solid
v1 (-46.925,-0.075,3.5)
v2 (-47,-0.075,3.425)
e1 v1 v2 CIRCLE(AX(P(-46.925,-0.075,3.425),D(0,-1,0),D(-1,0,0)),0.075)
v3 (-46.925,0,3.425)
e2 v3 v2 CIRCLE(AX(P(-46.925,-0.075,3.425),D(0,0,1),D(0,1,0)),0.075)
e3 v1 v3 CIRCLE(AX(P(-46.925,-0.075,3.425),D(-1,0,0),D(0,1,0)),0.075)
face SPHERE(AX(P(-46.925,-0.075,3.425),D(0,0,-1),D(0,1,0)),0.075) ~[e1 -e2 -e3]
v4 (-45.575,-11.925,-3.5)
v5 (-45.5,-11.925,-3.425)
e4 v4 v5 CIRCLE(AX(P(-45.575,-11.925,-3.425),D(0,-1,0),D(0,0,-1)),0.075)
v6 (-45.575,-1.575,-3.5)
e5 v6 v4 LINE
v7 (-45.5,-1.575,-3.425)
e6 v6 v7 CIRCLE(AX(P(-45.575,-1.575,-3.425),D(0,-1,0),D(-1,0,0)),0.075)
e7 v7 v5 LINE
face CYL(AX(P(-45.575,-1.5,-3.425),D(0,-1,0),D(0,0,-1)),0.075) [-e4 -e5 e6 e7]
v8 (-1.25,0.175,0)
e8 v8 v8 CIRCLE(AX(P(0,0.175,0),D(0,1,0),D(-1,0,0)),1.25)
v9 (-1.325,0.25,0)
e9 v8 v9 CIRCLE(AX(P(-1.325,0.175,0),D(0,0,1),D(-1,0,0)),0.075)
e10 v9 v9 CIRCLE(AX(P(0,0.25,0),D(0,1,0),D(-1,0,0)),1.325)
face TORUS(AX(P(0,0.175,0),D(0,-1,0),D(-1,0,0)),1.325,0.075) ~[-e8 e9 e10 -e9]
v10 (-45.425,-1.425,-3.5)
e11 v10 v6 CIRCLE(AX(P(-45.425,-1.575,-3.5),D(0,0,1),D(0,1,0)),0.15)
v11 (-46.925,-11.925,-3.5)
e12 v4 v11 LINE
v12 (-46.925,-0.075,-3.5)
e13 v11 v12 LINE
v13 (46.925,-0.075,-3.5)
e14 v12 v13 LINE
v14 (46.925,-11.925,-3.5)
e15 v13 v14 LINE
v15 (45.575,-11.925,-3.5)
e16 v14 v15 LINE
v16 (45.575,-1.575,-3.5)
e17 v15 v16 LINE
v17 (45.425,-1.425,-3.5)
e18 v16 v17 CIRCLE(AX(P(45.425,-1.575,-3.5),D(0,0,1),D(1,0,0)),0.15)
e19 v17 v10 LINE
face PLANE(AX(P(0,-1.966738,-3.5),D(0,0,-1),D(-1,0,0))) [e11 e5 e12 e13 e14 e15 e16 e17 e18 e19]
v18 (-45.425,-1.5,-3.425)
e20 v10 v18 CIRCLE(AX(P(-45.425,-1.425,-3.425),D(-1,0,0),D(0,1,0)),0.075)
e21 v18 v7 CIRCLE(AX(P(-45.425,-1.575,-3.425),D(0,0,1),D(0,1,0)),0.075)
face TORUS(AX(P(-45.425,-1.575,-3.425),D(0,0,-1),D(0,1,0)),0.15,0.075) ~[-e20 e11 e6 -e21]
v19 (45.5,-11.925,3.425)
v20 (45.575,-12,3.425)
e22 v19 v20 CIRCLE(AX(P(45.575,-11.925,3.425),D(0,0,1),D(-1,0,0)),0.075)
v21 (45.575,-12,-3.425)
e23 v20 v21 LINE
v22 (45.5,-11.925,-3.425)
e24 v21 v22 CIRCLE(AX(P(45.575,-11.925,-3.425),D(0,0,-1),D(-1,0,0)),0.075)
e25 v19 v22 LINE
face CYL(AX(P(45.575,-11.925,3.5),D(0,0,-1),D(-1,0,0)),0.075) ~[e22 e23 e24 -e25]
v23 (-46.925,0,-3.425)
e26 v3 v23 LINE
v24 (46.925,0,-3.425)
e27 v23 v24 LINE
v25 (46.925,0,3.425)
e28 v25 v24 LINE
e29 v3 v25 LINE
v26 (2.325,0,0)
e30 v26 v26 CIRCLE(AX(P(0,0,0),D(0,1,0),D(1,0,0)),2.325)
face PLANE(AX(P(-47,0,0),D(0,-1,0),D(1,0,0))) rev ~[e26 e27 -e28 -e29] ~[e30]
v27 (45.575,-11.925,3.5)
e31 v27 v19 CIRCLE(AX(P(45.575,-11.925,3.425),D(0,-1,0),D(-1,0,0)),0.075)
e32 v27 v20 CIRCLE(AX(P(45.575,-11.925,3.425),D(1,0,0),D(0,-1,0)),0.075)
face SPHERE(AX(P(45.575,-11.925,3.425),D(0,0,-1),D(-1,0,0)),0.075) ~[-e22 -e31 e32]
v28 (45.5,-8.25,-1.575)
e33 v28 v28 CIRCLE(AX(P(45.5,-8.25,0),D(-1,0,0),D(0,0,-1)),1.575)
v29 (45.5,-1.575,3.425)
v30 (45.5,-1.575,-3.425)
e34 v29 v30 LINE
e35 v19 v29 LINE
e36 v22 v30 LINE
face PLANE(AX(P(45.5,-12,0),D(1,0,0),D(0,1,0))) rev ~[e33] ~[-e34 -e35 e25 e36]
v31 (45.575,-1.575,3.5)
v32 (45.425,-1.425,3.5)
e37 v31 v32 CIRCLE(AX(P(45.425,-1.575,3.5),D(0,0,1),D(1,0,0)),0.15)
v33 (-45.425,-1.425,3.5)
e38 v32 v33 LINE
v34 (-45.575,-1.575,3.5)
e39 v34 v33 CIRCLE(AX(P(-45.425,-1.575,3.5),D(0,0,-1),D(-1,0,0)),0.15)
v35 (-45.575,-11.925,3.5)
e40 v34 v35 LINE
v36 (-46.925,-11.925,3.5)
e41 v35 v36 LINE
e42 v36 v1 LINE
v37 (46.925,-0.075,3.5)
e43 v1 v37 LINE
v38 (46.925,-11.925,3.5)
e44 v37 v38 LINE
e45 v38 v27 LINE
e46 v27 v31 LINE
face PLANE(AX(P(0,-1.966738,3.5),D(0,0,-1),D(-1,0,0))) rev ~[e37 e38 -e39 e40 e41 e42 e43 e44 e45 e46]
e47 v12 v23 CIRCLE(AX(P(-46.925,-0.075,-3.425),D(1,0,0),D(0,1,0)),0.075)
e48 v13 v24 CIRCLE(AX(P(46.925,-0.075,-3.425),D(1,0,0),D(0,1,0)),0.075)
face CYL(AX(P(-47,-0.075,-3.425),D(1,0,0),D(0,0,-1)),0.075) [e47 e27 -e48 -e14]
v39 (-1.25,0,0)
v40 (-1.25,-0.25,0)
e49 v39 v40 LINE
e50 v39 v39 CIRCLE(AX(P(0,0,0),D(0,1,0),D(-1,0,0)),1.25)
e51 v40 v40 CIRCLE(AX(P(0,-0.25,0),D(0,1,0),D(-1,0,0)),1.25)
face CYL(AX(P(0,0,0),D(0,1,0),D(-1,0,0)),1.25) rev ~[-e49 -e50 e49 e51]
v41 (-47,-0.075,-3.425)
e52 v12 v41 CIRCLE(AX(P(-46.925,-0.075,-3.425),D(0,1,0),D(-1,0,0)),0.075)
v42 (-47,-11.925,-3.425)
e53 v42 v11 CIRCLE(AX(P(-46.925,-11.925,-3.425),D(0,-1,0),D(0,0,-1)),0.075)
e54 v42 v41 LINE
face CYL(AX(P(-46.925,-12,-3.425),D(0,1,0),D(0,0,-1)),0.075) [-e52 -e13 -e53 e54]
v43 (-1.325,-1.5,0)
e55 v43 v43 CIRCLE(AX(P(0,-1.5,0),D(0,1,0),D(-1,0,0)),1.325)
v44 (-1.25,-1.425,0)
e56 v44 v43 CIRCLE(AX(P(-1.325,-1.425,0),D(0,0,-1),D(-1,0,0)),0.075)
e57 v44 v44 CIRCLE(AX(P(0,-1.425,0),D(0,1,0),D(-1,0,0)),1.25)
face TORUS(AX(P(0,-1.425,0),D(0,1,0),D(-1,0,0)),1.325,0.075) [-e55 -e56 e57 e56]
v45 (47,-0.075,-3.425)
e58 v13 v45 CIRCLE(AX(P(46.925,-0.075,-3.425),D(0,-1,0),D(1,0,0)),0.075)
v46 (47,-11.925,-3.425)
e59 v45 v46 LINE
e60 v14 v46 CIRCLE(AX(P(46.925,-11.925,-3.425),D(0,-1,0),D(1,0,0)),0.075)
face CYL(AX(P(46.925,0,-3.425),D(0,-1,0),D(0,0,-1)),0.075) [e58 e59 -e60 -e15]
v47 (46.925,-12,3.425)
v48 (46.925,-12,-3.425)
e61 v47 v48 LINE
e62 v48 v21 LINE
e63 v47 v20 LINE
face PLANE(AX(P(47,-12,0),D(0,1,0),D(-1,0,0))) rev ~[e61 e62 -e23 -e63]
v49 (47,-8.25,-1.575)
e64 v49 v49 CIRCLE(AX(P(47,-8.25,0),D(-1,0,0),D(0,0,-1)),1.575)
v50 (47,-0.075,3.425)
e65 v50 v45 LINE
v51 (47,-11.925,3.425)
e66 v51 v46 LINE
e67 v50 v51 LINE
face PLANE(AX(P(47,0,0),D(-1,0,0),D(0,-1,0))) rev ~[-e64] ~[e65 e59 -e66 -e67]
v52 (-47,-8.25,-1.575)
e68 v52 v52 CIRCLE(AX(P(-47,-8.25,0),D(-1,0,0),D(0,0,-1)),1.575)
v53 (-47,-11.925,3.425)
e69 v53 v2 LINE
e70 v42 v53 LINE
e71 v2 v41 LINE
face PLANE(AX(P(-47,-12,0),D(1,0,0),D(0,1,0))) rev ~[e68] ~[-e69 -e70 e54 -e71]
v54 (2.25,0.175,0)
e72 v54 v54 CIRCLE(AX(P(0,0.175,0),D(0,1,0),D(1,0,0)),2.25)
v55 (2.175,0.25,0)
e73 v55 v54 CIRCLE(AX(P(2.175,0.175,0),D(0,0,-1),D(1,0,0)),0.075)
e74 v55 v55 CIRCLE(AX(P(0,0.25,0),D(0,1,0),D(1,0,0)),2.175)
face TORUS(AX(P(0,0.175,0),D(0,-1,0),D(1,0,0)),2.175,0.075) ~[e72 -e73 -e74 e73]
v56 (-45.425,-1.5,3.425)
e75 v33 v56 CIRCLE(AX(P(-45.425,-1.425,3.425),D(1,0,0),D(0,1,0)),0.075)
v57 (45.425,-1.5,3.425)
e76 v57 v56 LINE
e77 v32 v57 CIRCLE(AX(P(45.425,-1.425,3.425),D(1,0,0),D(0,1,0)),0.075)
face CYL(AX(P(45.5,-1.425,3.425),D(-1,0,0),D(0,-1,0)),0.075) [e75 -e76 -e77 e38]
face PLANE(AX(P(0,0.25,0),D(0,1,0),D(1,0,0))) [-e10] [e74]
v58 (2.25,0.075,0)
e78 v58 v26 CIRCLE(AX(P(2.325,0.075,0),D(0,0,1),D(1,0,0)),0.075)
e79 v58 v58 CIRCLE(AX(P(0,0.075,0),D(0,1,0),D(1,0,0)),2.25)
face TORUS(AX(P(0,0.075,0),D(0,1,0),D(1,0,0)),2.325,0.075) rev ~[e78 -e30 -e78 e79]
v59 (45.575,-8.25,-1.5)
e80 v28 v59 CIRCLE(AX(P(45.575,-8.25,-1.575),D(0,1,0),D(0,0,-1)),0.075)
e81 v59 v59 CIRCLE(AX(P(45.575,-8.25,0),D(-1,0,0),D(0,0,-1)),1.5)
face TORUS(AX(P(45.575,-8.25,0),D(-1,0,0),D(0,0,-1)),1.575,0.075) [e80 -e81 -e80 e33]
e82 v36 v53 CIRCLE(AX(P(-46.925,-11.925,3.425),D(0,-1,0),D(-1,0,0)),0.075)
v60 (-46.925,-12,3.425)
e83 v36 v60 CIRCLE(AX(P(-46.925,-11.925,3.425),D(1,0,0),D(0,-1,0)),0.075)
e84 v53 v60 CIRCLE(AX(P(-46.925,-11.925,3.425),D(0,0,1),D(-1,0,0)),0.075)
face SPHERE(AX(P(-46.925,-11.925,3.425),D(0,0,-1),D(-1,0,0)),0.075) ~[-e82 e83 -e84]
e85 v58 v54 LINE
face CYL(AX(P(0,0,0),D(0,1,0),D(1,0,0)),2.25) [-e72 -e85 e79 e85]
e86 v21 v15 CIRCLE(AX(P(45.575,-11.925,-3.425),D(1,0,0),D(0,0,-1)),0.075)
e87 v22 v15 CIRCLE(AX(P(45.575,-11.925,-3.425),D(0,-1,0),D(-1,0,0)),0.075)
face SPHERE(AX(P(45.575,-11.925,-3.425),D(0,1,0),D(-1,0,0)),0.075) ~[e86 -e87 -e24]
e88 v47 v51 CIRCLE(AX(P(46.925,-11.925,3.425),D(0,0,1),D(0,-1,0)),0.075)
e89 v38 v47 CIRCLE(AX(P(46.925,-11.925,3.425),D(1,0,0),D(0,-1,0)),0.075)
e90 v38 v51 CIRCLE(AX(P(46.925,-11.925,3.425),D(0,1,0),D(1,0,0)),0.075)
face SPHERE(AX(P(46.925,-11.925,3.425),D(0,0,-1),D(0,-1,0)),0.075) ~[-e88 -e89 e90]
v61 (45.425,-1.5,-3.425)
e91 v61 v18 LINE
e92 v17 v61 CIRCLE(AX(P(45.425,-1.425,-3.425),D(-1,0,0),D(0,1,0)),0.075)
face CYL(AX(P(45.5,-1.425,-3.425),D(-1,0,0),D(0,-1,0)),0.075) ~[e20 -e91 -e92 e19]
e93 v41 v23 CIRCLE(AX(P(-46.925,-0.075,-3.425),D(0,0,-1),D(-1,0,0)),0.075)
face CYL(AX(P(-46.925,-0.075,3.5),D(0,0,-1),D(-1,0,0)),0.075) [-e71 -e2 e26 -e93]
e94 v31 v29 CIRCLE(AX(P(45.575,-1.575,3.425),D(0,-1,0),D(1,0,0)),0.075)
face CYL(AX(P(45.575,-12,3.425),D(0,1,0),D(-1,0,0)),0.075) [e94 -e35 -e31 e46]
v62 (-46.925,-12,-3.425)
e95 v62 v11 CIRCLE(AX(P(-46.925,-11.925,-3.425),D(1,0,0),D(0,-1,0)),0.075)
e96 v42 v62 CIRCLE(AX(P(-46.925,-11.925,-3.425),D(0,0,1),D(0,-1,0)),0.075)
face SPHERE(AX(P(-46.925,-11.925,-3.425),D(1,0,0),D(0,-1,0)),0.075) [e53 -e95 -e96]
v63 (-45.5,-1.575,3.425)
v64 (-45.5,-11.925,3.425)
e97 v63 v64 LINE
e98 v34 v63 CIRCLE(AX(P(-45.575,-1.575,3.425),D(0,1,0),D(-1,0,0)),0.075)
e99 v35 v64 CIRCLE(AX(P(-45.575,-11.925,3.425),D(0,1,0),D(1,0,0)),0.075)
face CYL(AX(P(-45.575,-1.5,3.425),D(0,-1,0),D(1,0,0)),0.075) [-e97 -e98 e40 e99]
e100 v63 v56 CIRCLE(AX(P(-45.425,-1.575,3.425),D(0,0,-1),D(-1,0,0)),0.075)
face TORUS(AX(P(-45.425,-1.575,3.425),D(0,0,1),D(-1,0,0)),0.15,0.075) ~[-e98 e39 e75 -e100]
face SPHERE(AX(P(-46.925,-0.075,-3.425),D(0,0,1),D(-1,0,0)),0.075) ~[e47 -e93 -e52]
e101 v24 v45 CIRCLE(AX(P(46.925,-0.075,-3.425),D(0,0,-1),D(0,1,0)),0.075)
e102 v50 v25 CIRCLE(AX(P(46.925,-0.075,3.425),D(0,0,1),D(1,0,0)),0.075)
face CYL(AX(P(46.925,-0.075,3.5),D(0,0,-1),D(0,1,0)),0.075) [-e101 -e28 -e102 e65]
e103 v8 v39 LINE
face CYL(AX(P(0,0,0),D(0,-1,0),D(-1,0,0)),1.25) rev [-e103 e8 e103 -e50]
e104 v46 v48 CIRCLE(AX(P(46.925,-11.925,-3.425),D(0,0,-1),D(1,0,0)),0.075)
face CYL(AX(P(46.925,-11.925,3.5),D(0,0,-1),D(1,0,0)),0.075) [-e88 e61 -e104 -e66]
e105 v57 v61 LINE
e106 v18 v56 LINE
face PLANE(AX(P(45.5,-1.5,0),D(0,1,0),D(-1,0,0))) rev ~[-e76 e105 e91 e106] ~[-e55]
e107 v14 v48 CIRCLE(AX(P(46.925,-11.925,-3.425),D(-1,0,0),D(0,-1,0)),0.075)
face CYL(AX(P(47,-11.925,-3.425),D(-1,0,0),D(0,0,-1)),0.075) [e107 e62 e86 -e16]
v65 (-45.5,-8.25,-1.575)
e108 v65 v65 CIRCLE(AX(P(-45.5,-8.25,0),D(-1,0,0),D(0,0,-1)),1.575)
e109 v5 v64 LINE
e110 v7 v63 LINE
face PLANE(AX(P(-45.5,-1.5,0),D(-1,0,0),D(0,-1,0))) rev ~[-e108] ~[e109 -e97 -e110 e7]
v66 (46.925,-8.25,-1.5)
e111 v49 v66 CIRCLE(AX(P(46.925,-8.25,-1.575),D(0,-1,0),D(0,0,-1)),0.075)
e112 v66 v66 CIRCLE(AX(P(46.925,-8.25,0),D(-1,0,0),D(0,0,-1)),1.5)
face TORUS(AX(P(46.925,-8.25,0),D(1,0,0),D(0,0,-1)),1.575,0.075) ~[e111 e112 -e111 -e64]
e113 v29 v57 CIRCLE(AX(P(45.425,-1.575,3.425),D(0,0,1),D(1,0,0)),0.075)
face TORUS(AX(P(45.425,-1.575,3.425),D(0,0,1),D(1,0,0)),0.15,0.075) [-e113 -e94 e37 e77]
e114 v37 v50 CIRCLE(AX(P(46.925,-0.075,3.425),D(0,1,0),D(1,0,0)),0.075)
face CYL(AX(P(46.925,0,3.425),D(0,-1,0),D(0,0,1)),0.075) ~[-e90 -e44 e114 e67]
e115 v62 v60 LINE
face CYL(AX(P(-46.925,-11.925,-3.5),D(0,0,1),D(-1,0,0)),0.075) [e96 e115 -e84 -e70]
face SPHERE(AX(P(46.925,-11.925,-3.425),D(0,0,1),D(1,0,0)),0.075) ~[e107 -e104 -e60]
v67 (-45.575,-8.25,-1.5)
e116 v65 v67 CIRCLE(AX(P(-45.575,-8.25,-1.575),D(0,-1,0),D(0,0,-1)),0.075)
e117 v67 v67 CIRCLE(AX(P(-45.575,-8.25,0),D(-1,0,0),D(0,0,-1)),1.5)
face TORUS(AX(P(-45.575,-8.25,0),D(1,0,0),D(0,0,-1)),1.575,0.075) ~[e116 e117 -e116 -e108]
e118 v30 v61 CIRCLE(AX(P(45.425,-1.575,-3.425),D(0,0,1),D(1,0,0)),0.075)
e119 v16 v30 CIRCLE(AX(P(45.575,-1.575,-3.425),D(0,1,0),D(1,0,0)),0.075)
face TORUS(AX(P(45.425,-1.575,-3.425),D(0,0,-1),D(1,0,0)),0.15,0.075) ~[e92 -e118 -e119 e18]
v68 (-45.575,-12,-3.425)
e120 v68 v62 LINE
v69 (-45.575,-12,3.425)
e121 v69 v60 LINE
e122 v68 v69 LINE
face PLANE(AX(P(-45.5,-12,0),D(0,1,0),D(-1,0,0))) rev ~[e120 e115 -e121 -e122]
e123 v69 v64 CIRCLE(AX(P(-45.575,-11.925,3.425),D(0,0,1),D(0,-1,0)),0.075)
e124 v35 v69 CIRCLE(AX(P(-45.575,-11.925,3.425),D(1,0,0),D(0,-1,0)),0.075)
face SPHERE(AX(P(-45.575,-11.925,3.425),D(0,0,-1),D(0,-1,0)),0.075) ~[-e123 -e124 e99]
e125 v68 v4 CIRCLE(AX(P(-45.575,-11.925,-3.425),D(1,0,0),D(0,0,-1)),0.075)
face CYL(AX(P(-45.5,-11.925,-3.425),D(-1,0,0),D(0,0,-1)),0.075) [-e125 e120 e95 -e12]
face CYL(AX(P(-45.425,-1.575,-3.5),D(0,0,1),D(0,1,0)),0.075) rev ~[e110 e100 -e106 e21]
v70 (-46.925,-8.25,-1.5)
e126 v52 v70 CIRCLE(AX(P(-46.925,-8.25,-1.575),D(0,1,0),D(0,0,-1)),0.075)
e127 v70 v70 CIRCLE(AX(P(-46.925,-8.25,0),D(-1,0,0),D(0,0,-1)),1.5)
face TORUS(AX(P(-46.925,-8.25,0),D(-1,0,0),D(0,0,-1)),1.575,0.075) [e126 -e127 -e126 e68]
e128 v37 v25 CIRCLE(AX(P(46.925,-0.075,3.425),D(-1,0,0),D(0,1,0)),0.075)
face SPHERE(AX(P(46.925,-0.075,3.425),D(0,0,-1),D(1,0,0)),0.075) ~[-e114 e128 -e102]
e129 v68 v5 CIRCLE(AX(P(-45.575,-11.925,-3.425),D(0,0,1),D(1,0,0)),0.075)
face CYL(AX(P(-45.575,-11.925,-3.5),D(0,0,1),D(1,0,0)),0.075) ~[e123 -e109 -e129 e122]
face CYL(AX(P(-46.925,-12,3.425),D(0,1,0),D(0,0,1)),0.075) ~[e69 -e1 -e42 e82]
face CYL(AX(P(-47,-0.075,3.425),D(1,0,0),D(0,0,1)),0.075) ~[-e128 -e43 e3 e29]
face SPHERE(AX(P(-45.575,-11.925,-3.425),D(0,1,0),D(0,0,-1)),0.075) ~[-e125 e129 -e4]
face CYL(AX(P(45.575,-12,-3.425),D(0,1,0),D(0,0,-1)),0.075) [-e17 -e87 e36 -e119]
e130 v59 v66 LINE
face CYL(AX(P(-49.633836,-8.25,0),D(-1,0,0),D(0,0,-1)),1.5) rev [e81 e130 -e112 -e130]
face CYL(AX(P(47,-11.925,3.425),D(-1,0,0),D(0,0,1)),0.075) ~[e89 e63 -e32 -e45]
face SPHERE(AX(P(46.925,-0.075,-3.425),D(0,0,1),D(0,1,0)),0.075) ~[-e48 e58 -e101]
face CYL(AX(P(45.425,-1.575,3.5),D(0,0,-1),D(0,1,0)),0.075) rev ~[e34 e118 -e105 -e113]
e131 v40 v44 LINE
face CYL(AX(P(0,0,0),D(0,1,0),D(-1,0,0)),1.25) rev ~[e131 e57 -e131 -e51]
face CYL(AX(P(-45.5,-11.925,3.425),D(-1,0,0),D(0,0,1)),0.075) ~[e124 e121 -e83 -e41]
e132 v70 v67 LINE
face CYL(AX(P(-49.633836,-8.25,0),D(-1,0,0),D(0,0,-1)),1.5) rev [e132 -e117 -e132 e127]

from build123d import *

# Parameters (mm, degrees)
BOSS_EXTRUDE1_DEPTH     = 3.5
SKETCH2_R               = 1.25
CUT_EXTRUDE1_DEPTH      = 49.633835958
SKETCH3_R               = 2.25
SKETCH3_R_2             = 1.25
BOSS_EXTRUDE2_DEPTH     = 0.25
CUT_EXTRUDE2_DEPTH      = 49.633835958
CUT_EXTRUDE2_DEPTH_BACK = 49.633835958
SKETCH4_R               = 1.5
FILLET1_R               = 0.075


with BuildPart() as part:
    # Sketch1 → Boss-Extrude1 (new, symmetric)
    with BuildSketch(Plane.XY):
        Polygon((-47, -12), (-47, 0), (47, 0), (47, -12), (45.5, -12), (45.5, -1.5), (-45.5, -1.5), (-45.5, -12), align=None)
    extrude(amount=BOSS_EXTRUDE1_DEPTH, both=True)

    # Sketch2 → Cut-Extrude1 (cut, through all)
    with BuildSketch(Plane(origin=(0, 0, 0), x_dir=(1, 0, 0), z_dir=(0, 1, 0))):
        with Locations(Location((0, 0, 0), (0, 0, 180))):
            Circle(SKETCH2_R)
    extrude(amount=-CUT_EXTRUDE1_DEPTH, mode=Mode.SUBTRACT)

    # Sketch3 → Boss-Extrude2 (add, symmetric)
    with BuildSketch(Plane(origin=(0, 0, 0), x_dir=(1, 0, 0), z_dir=(0, 1, 0))):
        Circle(SKETCH3_R)
        with Locations(Location((0, 0, 0), (0, 0, 180))):
            Circle(SKETCH3_R_2, mode=Mode.SUBTRACT)
    extrude(amount=BOSS_EXTRUDE2_DEPTH, both=True)

    # Sketch4 → Cut-Extrude2 (cut, two sides: drawn at the far end of the back side and taken through both)
    with BuildSketch(Plane(origin=(0, 0, 0), x_dir=(0, 0, -1), z_dir=(1, 0, 0)).offset(-CUT_EXTRUDE2_DEPTH_BACK)):
        with Locations((0, -8.25)):
            Circle(SKETCH4_R)
    extrude(amount=CUT_EXTRUDE2_DEPTH + CUT_EXTRUDE2_DEPTH_BACK, mode=Mode.SUBTRACT)

    # Fillet1
    fillet1_edges = [part.edges().sort_by_distance(p)[0] for p in [
        (45.5, -6.75, -3.5),
        (0, -1.5, -3.5),
        (-45.5, -6.75, -3.5),
        (-46.25, -12, -3.5),
        (0, -1.5, 3.5),
        (-47, -12, 0),
        (-47, 0, 0),
        (47, 0, 0),
        (47, -12, 0),
        (45.5, -12, 0),
        (45.5, -1.5, 0),
        (-45.5, -1.5, 0),
        (-45.5, -12, 0),
        (45.5, -6.75, 3.5),
        (46.25, -12, 3.5),
        (47, -6, 3.5),
        (1.25, -1.5, 0),
        (0, 0, 3.5),
        (-2.25, 0, 0),
        (1.25, 0.25, 0),
        (-2.25, 0.25, 0),
        (-47, -6, 3.5),
        (-47, -8.25, 1.5),
        (-45.5, -8.25, 1.5),
        (45.5, -8.25, 1.5),
        (47, -8.25, 1.5),
        (-46.25, -12, 3.5),
        (-47, -6, -3.5),
        (-45.5, -6.75, 3.5),
        (0, 0, -3.5),
        (47, -6, -3.5),
        (46.25, -12, -3.5),
    ]]
    fillet(fillet1_edges, radius=FILLET1_R)


solid = part.part
